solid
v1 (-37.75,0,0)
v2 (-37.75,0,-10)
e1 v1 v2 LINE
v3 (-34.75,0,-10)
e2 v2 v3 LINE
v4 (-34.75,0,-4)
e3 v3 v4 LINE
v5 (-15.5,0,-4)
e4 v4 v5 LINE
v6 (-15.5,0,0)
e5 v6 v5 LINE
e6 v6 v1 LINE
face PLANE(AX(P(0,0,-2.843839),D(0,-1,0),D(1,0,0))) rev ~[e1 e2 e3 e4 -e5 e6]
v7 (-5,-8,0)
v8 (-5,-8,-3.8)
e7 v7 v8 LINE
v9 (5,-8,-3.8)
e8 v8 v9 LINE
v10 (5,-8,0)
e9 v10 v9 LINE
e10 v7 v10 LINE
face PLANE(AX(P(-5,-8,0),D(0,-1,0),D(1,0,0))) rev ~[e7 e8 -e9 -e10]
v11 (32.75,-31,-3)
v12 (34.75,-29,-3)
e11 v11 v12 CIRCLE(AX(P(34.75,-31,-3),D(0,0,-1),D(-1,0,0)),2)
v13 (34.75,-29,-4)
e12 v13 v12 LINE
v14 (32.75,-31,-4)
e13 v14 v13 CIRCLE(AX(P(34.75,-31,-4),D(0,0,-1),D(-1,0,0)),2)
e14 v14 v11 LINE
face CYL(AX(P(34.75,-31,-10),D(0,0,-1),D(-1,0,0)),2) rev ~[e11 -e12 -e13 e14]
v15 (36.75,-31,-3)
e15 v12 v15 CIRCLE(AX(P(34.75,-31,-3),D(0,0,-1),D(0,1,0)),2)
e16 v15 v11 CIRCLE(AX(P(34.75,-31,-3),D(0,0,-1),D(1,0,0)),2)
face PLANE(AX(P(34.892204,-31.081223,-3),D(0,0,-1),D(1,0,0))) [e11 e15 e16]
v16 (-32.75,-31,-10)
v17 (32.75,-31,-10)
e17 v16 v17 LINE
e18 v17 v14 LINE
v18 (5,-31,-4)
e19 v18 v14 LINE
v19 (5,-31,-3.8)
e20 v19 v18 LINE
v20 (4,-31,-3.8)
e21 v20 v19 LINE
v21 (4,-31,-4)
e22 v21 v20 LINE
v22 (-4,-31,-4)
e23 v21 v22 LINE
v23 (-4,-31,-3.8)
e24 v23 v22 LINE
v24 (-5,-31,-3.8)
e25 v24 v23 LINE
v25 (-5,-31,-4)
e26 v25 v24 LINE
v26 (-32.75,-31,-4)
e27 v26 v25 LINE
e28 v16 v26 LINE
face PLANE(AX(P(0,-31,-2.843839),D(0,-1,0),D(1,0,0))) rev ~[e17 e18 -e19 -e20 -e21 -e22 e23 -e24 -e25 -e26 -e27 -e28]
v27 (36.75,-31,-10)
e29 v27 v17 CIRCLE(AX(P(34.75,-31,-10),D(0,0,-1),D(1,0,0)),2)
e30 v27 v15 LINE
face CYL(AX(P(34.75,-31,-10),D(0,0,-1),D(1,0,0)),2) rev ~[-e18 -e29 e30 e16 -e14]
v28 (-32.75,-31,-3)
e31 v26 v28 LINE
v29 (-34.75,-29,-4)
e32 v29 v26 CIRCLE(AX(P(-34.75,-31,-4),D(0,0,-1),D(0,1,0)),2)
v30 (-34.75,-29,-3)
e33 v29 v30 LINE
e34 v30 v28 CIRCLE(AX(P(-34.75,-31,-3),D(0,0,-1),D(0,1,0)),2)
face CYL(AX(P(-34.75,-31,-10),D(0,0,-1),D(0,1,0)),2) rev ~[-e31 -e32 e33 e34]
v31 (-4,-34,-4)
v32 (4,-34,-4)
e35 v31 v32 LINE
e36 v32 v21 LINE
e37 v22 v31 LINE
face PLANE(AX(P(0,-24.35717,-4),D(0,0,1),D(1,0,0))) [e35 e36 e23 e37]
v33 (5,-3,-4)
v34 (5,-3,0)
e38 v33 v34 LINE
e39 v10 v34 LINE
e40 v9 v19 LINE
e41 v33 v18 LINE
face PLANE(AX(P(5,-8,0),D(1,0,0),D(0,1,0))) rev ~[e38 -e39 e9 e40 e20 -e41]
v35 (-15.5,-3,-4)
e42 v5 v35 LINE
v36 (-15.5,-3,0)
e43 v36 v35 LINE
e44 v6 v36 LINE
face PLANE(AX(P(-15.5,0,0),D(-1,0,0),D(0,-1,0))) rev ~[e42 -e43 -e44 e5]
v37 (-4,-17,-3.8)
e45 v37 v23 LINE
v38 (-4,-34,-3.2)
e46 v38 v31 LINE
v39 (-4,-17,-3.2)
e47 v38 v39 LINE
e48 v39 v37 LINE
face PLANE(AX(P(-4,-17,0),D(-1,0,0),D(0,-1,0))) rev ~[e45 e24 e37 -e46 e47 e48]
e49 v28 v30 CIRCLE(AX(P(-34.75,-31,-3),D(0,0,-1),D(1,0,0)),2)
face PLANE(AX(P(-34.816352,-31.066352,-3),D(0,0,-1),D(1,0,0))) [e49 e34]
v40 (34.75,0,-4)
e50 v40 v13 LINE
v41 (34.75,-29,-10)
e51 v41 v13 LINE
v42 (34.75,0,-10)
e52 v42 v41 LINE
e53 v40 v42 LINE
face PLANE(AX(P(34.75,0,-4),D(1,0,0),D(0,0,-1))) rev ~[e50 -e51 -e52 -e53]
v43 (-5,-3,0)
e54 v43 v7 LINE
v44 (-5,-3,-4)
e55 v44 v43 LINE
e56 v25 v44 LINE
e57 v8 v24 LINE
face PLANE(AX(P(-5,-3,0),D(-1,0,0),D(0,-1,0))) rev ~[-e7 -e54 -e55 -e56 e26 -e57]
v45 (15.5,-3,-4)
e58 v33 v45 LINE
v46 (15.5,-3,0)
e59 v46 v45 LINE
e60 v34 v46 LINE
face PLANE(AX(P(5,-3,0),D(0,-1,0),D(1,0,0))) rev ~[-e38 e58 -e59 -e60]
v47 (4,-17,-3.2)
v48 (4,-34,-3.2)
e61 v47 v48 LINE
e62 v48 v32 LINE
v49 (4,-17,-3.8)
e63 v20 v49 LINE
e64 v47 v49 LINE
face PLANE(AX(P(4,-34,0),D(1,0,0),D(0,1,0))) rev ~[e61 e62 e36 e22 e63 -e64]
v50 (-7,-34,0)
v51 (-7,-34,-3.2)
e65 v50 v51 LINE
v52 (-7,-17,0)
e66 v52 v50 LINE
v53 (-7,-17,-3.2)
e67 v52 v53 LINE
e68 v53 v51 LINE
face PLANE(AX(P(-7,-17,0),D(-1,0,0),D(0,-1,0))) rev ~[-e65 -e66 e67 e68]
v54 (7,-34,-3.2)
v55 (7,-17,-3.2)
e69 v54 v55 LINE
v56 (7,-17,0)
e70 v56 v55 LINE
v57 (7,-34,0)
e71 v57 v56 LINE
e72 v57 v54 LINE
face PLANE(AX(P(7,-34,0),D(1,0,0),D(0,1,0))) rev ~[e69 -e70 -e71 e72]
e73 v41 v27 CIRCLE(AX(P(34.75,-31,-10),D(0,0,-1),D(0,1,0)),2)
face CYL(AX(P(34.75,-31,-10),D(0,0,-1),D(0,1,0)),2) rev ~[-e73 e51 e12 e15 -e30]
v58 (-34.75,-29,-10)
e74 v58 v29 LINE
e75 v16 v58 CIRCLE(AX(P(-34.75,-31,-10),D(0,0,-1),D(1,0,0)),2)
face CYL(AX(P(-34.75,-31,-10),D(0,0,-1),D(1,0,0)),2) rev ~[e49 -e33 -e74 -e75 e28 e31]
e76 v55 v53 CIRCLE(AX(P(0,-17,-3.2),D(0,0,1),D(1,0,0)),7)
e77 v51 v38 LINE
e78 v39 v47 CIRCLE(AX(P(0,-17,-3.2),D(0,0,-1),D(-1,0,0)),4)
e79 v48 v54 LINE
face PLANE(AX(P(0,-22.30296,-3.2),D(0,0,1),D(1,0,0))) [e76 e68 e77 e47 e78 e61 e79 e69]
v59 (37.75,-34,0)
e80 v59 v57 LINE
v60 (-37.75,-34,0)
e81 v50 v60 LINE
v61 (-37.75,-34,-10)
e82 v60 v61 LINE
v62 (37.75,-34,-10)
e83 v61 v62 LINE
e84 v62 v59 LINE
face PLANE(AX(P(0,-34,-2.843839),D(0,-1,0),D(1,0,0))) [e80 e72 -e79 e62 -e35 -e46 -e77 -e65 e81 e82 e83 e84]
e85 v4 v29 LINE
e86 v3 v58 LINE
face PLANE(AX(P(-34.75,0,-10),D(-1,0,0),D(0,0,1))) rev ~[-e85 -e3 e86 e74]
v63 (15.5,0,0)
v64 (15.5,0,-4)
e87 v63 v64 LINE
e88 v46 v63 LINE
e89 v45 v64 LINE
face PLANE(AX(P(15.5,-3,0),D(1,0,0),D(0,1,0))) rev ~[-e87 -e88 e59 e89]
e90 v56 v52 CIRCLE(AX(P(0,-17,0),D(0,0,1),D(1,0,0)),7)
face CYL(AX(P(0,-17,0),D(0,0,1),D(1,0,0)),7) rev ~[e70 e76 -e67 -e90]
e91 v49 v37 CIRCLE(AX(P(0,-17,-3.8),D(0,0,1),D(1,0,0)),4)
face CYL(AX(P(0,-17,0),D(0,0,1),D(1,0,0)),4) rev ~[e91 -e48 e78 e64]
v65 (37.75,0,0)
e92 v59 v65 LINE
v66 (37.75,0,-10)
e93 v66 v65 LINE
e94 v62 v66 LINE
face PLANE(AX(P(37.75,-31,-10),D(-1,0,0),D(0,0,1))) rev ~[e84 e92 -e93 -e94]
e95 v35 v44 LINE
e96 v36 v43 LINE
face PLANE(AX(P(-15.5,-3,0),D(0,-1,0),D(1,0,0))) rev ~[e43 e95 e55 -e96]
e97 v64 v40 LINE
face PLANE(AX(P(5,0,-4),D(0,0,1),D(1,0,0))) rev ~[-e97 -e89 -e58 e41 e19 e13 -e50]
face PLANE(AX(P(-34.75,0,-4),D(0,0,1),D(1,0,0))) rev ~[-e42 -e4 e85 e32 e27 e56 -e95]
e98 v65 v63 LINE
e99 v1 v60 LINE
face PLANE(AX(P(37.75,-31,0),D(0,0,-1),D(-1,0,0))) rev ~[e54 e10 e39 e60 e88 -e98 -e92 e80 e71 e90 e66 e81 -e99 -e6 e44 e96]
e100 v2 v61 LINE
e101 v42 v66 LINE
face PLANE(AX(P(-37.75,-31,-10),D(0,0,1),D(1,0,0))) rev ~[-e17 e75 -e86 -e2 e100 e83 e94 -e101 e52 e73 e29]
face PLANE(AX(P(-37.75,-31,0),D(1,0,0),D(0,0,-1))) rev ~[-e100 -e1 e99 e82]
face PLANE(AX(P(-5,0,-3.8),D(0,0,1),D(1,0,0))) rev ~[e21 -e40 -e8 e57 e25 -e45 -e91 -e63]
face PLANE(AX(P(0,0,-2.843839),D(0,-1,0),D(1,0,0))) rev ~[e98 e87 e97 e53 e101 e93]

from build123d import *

# Parameters (mm, degrees)
F1_DEPTH = 31
F3_DEPTH = 3
F5_DEPTH = 4
F7_DEPTH = 3.2
F9_DEPTH = 7


with BuildPart() as f1:
    # F0 (on Front) → F1 (new body)
    with BuildSketch(Plane.XZ):
        Polygon((37.75, 0), (-37.75, 0), (-37.75, -10), (-34.75, -10), (-34.75, -4), (-5, -4), (-5, -3.8), (5, -3.8), (5, -4), (34.75, -4), (34.75, -10), (37.75, -10), align=None)
    extrude(amount=F1_DEPTH)

    # F2 (on face) → F3 (join)
    with BuildSketch(Plane.XZ.offset(31)):
        Polygon((37.75, 0), (-37.75, 0), (-37.75, -10), (-34.75, -10), (-34.75, -4), (-5, -4), (-5, -3.8), (5, -3.8), (5, -4), (34.75, -4), (34.75, -10), (37.75, -10), align=None)
        Polygon((-34.75, -4), (-34.75, -10), (34.75, -10), (34.75, -4), (5, -4), (5, -3.8), (-5, -3.8), (-5, -4), align=None)
    extrude(amount=F3_DEPTH)

    # F4 (on face) → F5 (cut)
    with BuildSketch(Plane.XY):
        with BuildLine():
            Line((-4, -17), (-4, -34))
            Line((-4, -34), (4, -34))
            Line((4, -34), (4, -17))
            ThreePointArc((4, -17), (0, -13), (-4, -17))
        make_face()
        Polygon((15.5, 0), (-15.5, 0), (-15.5, -3), (-5, -3), (-5, -8), (5, -8), (5, -3), (15.5, -3), align=None)
    extrude(amount=-F5_DEPTH, mode=Mode.SUBTRACT)

    # F6 (on face) → F7 (cut)
    with BuildSketch(Plane.XY):
        with BuildLine():
            Line((-7, -17), (-7, -34))
            Line((-7, -34), (-4, -34))
            Line((-4, -34), (-4, -17))
            ThreePointArc((-4, -17), (0, -13), (4, -17))
            Line((4, -17), (4, -34))
            Line((4, -34), (7, -34))
            Line((7, -34), (7, -17))
            ThreePointArc((7, -17), (0, -10), (-7, -17))
        make_face()
    extrude(amount=-F7_DEPTH, mode=Mode.SUBTRACT)

    # F8 (on face) → F9 (cut)
    with BuildSketch(Plane(origin=(0, 0, -10), x_dir=(1, 0, 0), z_dir=(0, 0, -1))):
        with BuildLine():
            Line((-34.75, 31), (-32.75, 31))
            ThreePointArc((-32.75, 31), (-36.1642135624, 32.4142135624), (-34.75, 29))
            Line((-34.75, 29), (-34.75, 31))
        make_face()
        with BuildLine():
            ThreePointArc((-34.75, 29), (-33.3357864376, 29.5857864376), (-32.75, 31))
            Line((-32.75, 31), (-34.75, 31))
            Line((-34.75, 31), (-34.75, 29))
        make_face()
        with BuildLine():
            ThreePointArc((36.75, 31), (34.75, 33), (32.75, 31))
            Line((32.75, 31), (34.75, 31))
            Line((34.75, 31), (34.75, 29))
            ThreePointArc((34.75, 29), (36.1642135624, 29.5857864376), (36.75, 31))
        make_face()
        with BuildLine():
            Line((34.75, 31), (32.75, 31))
            ThreePointArc((32.75, 31), (33.3357864376, 29.5857864376), (34.75, 29))
            Line((34.75, 29), (34.75, 31))
        make_face()
    extrude(amount=-F9_DEPTH, mode=Mode.SUBTRACT)


solid = f1.part
